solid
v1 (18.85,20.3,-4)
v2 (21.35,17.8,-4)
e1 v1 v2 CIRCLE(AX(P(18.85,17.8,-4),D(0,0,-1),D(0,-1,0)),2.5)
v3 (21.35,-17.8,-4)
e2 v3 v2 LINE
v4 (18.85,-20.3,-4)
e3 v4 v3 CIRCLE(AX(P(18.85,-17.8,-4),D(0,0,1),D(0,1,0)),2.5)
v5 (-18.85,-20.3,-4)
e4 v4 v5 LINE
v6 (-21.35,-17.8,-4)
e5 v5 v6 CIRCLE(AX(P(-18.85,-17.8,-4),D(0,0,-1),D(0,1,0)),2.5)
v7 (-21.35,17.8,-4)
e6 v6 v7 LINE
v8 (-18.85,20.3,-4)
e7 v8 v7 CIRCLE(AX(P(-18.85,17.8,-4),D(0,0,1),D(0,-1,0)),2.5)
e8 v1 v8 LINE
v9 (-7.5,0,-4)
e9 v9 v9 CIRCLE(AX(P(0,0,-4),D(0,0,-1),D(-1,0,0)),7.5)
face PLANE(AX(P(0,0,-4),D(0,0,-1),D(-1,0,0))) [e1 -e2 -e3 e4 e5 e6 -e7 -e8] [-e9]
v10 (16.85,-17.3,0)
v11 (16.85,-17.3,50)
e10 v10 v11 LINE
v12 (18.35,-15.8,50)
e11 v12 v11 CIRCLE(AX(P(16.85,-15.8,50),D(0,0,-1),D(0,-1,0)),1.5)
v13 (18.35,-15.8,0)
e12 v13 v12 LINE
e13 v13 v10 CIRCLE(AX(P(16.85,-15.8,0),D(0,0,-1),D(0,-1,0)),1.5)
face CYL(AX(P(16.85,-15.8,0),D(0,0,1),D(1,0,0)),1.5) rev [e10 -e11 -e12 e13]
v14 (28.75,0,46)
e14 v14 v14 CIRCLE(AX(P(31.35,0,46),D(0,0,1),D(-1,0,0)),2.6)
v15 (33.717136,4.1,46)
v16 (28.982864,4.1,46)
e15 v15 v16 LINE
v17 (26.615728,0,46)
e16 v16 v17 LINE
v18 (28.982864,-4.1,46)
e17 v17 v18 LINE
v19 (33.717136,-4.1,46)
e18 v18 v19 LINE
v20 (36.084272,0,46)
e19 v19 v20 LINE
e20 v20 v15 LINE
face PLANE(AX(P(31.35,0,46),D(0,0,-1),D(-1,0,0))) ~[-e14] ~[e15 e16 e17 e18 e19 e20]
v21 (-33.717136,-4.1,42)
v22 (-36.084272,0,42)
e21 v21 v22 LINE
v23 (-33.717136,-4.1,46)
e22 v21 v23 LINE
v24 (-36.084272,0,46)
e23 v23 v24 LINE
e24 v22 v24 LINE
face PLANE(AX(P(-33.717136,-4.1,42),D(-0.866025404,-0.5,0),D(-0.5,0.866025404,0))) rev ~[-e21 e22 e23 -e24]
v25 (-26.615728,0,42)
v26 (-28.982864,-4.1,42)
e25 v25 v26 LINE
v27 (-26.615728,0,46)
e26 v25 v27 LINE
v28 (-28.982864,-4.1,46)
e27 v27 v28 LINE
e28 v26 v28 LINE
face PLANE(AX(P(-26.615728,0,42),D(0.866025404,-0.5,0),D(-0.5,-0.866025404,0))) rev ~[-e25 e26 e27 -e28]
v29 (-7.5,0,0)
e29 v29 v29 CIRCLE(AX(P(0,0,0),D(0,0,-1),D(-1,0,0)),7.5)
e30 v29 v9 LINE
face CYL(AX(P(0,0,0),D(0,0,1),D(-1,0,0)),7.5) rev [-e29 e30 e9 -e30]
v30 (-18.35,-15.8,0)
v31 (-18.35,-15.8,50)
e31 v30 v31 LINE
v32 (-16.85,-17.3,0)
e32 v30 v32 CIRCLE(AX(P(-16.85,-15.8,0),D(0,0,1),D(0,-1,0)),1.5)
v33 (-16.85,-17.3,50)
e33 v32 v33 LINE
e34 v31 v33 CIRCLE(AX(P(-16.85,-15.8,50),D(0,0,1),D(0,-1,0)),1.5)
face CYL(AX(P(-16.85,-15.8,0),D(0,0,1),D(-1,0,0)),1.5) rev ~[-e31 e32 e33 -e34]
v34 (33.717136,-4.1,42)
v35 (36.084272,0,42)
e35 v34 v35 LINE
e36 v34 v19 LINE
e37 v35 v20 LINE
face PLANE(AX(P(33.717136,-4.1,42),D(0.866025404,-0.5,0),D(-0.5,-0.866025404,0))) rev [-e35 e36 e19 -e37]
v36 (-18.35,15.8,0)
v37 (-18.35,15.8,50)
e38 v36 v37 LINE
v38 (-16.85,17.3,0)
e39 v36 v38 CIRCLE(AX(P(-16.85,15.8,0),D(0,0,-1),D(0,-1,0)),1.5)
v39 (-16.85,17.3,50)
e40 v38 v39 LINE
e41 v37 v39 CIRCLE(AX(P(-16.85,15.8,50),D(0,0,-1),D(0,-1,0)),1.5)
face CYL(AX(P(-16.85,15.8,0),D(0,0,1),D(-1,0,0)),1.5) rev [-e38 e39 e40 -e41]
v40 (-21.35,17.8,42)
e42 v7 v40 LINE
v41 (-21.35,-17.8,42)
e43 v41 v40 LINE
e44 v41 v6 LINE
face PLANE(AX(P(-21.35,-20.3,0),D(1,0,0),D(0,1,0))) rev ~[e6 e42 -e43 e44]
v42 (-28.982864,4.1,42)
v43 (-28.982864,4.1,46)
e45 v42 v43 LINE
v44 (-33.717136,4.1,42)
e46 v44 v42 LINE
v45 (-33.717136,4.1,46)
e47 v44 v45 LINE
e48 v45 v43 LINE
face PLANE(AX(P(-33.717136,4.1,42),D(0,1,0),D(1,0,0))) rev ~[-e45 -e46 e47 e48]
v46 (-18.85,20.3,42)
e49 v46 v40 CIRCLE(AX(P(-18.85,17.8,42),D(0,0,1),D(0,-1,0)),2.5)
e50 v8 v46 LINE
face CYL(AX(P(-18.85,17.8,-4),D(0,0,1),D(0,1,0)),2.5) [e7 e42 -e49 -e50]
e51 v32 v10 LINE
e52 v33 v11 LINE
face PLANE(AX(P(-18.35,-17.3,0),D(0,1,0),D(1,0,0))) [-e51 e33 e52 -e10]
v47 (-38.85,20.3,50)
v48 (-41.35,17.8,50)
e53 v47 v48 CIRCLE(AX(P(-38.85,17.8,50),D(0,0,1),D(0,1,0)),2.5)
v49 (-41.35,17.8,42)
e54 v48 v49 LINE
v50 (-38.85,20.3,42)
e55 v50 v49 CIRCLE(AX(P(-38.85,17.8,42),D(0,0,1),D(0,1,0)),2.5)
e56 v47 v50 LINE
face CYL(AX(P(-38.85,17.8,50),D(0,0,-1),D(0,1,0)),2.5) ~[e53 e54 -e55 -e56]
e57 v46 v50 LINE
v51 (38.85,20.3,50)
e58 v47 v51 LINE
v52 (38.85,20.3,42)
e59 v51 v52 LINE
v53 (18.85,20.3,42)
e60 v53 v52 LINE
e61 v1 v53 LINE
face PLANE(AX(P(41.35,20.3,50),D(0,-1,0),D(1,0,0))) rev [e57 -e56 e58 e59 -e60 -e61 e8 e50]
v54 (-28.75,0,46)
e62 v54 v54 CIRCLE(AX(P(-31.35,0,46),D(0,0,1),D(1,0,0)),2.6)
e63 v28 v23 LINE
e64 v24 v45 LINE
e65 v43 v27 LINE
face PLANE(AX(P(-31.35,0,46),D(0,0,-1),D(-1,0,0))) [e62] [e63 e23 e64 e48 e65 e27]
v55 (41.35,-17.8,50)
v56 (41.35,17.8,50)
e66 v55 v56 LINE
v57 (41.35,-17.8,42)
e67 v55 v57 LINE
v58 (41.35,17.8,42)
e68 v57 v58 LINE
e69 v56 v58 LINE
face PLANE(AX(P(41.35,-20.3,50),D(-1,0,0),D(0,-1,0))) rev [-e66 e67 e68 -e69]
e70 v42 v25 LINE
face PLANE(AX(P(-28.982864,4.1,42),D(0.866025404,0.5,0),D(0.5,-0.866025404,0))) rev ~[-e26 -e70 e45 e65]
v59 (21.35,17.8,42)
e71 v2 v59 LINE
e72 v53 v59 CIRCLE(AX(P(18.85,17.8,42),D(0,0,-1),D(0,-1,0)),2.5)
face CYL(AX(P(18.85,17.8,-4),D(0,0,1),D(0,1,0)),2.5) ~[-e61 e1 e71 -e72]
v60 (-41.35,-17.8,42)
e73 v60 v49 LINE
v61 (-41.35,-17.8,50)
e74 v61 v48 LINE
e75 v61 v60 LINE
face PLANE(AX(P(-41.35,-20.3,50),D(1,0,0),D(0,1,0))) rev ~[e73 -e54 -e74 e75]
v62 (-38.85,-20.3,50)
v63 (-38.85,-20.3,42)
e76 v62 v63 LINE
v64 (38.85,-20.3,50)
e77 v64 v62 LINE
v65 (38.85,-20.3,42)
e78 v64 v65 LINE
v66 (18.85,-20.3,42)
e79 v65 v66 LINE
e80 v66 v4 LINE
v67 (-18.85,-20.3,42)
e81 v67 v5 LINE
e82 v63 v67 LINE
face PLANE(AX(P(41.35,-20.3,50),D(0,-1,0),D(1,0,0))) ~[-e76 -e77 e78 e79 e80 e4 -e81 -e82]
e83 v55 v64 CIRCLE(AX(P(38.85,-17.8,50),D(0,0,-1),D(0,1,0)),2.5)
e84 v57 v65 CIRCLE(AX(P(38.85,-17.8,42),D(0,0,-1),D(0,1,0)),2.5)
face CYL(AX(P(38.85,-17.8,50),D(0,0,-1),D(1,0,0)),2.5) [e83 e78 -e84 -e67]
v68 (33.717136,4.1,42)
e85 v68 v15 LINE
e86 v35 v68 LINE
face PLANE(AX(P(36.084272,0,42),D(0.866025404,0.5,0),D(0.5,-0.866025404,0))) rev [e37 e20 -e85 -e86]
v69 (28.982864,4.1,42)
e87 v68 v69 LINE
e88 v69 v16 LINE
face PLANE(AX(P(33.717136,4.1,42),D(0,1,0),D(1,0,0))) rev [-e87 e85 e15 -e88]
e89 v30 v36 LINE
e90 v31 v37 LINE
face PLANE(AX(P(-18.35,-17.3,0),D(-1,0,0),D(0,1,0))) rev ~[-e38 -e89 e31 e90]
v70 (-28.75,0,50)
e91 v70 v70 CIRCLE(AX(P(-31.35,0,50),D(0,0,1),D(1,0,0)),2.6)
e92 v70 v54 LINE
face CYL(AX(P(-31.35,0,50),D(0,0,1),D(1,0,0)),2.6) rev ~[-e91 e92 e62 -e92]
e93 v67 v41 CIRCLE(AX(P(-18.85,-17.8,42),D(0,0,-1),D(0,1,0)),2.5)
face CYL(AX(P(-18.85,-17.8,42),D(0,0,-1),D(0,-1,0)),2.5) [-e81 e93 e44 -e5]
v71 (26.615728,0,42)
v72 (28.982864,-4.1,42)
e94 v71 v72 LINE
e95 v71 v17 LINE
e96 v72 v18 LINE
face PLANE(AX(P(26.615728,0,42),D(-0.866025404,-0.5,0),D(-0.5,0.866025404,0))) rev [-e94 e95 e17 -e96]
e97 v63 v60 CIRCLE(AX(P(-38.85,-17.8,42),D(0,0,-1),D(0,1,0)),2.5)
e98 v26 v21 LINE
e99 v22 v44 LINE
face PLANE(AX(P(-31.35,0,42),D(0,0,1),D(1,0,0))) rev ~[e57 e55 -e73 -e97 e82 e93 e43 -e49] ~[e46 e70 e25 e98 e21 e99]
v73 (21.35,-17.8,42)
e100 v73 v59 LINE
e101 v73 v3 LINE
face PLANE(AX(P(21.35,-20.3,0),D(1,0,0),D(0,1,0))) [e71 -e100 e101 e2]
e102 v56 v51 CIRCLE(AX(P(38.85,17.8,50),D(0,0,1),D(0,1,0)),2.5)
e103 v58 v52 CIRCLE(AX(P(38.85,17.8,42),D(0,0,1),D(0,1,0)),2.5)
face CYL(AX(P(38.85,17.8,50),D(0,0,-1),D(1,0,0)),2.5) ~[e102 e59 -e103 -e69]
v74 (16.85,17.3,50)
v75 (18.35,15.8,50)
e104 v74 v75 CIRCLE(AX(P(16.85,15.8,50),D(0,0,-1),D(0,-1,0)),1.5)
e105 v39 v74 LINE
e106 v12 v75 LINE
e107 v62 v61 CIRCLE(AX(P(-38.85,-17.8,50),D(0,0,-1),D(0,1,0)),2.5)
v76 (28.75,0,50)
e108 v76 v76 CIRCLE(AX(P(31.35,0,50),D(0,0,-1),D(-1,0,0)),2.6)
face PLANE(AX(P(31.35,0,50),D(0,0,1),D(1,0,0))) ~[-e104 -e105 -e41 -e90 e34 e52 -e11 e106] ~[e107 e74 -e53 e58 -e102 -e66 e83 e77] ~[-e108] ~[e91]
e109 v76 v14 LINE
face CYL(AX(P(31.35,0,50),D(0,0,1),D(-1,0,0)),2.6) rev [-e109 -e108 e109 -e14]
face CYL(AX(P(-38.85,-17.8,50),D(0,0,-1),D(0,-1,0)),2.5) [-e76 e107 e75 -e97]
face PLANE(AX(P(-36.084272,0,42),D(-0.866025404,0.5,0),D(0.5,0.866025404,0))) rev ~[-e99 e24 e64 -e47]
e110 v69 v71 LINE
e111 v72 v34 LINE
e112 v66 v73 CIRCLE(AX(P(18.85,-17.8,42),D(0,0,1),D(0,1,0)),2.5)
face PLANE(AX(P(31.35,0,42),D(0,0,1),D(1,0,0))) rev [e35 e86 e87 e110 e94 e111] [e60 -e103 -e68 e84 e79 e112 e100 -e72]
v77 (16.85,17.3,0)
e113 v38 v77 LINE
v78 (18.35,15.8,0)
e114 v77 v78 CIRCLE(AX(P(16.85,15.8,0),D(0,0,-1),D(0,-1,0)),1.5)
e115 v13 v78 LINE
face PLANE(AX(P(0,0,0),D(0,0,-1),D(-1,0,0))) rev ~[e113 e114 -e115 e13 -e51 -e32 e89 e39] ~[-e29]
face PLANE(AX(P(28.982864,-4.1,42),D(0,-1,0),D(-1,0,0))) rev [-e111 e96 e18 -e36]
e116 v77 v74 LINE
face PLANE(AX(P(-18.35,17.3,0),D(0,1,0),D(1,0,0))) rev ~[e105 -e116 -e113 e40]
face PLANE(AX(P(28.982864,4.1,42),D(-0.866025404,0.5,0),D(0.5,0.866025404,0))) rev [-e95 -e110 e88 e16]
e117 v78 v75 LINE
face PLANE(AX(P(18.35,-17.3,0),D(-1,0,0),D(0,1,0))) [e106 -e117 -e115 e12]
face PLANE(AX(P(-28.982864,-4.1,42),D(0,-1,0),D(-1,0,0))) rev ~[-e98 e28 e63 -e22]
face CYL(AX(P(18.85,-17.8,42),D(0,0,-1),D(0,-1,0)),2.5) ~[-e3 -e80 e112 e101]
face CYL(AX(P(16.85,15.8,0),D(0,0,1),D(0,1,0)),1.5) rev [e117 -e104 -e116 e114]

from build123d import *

# Parameters (mm, degrees)
SKETCH_1_W          = 42.7
SKETCH_1_H          = 40.6
SKETCH_1_W_2        = 36.7
SKETCH_1_H_2        = 34.6
EXTRUDE_1_DEPTH     = 50
SKETCH_2_W          = 42.7
SKETCH_2_H          = 40.6
SKETCH_2_R          = 7.5
EXTRUDE_2_DEPTH     = 4
SKETCH_3_W          = 20
SKETCH_3_H          = 40.6
EXTRUDE_3_DEPTH     = 8
SKETCH_4_R          = 2.6
CUT_EXTRUDE_1_DEPTH = 71.978253712
CUT_EXTRUDE_2_DEPTH = 4
FILLET_1_R          = 2.5
FILLET_2_R          = 1.5


with BuildPart() as part:
    # Эскиз1 → Бобышка-Вытянуть1 (new body)
    with BuildSketch(Plane.XY):
        Rectangle(SKETCH_1_W, SKETCH_1_H)
        Rectangle(SKETCH_1_W_2, SKETCH_1_H_2, mode=Mode.SUBTRACT)
    extrude(amount=EXTRUDE_1_DEPTH)

    # Эскиз2 → Бобышка-Вытянуть2 (add)
    with BuildSketch(Plane(origin=(0, 0, 0), x_dir=(-1, 0, 0), z_dir=(0, 0, -1))):
        Rectangle(SKETCH_2_W, SKETCH_2_H)
        Circle(SKETCH_2_R, mode=Mode.SUBTRACT)
    extrude(amount=EXTRUDE_2_DEPTH)

    # Эскиз3 → Бобышка-Вытянуть3 (add)
    with BuildSketch(Plane.XY.offset(50)):
        with Locations((-31.35, 0)):
            Rectangle(SKETCH_3_W, SKETCH_3_H)
    extrude_3 = extrude(amount=-EXTRUDE_3_DEPTH)

    # Эскиз4 → Вырез-Вытянуть1 (cut, through all)
    with BuildSketch(Plane.XY.offset(50)):
        with Locations((-31.35, 0)):
            Circle(SKETCH_4_R)
    cut_extrude_1 = extrude(amount=-CUT_EXTRUDE_1_DEPTH, mode=Mode.SUBTRACT)

    # Эскиз5 → Вырез-Вытянуть2 (cut)
    with BuildSketch(Plane(origin=(0, 0, 42), x_dir=(-1, 0, 0), z_dir=(0, 0, -1))):
        Polygon((36.084272207, 0), (33.717136104, 4.1), (28.982863896, 4.1), (26.615727793, 0), (28.982863896, -4.1), (33.717136104, -4.1), align=None)
    cut_extrude_2 = extrude(amount=-CUT_EXTRUDE_2_DEPTH, mode=Mode.SUBTRACT)

    # Зеркальное отражение1: Бобышка-Вытянуть3, Вырез-Вытянуть1, Вырез-Вытянуть2 across plane
    add(extrude_3.mirror(Plane(origin=(0, 0, 0), x_dir=(0, 0, 1), z_dir=(1, 0, 0))))
    add(cut_extrude_1.mirror(Plane(origin=(0, 0, 0), x_dir=(0, 0, 1), z_dir=(1, 0, 0))), mode=Mode.SUBTRACT)
    add(cut_extrude_2.mirror(Plane(origin=(0, 0, 0), x_dir=(0, 0, 1), z_dir=(1, 0, 0))), mode=Mode.SUBTRACT)

    # Скругление1
    fillet_1_edges = [part.edges().sort_by_distance(p)[0] for p in [
        (-21.35, 20.3, 19),
        (-21.35, -20.3, 19),
        (-41.35, -20.3, 46),
        (-41.35, 20.3, 46),
        (21.35, -20.3, 19),
        (21.35, 20.3, 19),
        (41.35, 20.3, 46),
        (41.35, -20.3, 46),
    ]]
    fillet(fillet_1_edges, radius=FILLET_1_R)

    # Скругление2
    fillet_2_edges = [part.edges().sort_by_distance(p)[0] for p in [
        (-18.35, 17.3, 25),
        (-18.35, -17.3, 25),
        (18.35, -17.3, 25),
        (18.35, 17.3, 25),
    ]]
    fillet(fillet_2_edges, radius=FILLET_2_R)


solid = part.part
